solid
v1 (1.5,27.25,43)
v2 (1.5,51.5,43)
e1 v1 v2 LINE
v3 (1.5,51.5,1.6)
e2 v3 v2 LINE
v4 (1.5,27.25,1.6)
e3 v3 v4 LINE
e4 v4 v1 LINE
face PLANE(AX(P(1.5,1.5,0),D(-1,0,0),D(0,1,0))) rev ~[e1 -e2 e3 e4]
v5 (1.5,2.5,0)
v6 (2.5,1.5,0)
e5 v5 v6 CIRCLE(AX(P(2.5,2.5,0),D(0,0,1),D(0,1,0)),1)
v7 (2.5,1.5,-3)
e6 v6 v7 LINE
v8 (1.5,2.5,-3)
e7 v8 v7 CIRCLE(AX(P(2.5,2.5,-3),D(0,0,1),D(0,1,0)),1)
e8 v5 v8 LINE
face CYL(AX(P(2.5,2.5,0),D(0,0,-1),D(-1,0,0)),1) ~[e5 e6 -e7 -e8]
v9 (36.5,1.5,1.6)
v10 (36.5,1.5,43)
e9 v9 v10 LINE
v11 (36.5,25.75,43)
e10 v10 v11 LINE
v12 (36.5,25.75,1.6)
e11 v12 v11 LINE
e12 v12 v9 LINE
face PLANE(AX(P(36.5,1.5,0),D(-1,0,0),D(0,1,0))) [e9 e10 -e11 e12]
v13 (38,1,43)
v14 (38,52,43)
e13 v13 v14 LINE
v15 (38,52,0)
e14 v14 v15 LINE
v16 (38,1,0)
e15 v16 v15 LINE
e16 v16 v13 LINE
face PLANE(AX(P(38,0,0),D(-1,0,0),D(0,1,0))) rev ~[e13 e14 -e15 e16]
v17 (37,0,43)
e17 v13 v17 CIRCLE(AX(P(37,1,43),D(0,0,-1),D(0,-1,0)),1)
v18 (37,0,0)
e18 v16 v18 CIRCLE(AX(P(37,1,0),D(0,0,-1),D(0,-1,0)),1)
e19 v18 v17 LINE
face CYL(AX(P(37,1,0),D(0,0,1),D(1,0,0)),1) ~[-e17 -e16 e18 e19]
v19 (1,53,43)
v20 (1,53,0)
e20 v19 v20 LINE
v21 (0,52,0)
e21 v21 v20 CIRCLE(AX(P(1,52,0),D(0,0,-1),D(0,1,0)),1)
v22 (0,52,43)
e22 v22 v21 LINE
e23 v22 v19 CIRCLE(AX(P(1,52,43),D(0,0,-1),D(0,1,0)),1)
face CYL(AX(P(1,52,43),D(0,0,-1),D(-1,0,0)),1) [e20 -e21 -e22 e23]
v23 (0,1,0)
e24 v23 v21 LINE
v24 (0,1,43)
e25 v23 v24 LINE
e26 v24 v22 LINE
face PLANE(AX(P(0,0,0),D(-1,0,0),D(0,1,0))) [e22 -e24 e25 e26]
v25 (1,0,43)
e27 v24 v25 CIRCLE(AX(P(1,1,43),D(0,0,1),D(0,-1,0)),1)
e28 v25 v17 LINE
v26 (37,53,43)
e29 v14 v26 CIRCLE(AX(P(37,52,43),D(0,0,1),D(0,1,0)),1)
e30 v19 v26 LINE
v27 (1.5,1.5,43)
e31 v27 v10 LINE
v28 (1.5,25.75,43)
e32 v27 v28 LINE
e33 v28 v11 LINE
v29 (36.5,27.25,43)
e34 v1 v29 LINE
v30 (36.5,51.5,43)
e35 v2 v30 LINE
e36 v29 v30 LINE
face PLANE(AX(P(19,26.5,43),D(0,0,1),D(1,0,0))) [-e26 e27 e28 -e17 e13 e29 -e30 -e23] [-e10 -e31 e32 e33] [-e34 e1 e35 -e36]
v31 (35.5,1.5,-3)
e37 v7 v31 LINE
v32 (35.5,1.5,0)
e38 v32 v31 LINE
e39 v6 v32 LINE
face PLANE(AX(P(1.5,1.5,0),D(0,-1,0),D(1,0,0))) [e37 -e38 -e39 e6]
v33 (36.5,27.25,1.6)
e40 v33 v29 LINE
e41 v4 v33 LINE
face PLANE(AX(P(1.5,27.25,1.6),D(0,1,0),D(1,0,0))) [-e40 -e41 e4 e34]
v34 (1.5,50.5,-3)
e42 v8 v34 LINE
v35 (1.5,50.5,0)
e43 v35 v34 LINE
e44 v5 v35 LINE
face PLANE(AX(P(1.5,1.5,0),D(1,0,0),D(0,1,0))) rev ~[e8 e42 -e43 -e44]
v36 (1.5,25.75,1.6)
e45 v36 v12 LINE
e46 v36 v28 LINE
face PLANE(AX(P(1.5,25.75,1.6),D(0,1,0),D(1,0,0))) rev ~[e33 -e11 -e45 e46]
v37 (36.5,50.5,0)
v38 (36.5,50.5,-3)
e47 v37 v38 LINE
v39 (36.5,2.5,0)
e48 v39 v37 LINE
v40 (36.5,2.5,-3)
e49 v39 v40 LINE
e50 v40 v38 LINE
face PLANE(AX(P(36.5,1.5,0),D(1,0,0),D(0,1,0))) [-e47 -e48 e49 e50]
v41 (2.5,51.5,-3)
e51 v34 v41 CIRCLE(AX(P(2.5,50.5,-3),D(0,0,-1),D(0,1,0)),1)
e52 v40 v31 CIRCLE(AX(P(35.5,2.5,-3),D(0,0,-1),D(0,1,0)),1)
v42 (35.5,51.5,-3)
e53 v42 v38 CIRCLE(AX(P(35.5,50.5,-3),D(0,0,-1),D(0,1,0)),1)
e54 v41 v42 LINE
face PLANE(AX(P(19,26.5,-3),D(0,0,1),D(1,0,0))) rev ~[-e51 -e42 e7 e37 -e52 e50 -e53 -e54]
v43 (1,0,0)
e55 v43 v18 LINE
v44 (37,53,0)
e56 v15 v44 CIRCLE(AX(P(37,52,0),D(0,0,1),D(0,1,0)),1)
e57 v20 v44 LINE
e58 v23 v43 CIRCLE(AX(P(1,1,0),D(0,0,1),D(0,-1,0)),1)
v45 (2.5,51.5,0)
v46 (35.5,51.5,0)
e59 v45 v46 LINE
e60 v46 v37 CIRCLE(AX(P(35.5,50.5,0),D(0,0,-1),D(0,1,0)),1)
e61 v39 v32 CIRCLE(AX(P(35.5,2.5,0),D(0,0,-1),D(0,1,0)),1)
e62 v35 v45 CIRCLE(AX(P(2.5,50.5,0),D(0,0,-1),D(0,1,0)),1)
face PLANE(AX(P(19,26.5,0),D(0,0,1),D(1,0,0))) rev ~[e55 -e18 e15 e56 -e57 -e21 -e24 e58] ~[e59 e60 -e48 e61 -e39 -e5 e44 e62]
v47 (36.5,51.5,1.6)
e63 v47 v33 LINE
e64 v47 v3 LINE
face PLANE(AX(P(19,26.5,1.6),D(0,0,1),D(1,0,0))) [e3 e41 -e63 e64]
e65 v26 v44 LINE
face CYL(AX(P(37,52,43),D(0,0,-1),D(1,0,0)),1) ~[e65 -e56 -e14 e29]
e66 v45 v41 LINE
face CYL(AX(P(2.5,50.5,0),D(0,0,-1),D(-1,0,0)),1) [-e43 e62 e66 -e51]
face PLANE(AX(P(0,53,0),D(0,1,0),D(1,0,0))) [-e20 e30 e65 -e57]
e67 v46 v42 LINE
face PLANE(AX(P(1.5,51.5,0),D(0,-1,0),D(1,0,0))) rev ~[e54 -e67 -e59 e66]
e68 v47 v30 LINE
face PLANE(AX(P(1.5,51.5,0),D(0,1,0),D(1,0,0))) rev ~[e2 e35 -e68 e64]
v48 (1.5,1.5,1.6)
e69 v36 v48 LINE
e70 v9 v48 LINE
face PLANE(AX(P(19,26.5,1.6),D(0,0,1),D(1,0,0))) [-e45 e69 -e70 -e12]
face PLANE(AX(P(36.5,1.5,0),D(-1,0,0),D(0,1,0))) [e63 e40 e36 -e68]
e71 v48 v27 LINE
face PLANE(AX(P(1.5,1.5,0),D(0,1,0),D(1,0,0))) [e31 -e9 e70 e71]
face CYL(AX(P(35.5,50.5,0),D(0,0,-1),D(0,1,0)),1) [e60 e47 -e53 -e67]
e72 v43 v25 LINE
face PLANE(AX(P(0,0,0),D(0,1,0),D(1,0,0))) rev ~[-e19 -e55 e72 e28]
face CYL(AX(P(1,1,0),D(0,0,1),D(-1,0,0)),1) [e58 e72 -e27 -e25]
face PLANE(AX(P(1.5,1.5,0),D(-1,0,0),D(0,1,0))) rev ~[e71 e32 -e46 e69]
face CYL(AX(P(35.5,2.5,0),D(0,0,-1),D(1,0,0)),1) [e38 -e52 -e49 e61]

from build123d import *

# Parameters (mm, degrees)
F0_W     = 35
F0_H     = 50
F1_DEPTH = 3
F0_W_2   = 38
F0_H_2   = 53
F2_DEPTH = 1.6
F3_DEPTH = 43
F4_R     = 1
F5_W     = 35
F5_H     = 1.5
F6_DEPTH = 41.4


with BuildPart() as f1:
    # F0 (on Top) → F1 (new body)
    with BuildSketch(Plane.XY):
        with Locations((19, 26.5)):
            Rectangle(F0_W, F0_H)
    extrude(amount=-F1_DEPTH)

    # F0 (on Top) → F2 (join)
    with BuildSketch(Plane.XY):
        with Locations((19, 26.5)):
            Rectangle(F0_W_2, F0_H_2)
        with Locations((19, 26.5)):
            Rectangle(F0_W, F0_H, mode=Mode.SUBTRACT)
        with Locations((19, 26.5)):
            Rectangle(F0_W, F0_H)
    extrude(amount=F2_DEPTH)

    # F0 (on Top) → F3 (join)
    with BuildSketch(Plane.XY):
        with Locations((19, 26.5)):
            Rectangle(F0_W_2, F0_H_2)
        with Locations((19, 26.5)):
            Rectangle(F0_W, F0_H, mode=Mode.SUBTRACT)
    extrude(amount=F3_DEPTH)

    # F4
    f4_edges = [f1.edges().sort_by_distance(p)[0] for p in [
        (36.5, 1.5, -1.5),
        (1.5, 1.5, -1.5),
        (1.5, 51.5, -1.5),
        (36.5, 51.5, -1.5),
        (0, 53, 21.5),
        (38, 53, 21.5),
        (0, 0, 21.5),
        (38, 0, 21.5),
    ]]
    fillet(f4_edges, radius=F4_R)

    # F5 (on face) → F6 (join, through all)
    with BuildSketch(Plane.XY.offset(1.6)):
        with Locations((19, 26.5)):
            Rectangle(F5_W, F5_H)
    extrude(amount=F6_DEPTH)


solid = f1.part
